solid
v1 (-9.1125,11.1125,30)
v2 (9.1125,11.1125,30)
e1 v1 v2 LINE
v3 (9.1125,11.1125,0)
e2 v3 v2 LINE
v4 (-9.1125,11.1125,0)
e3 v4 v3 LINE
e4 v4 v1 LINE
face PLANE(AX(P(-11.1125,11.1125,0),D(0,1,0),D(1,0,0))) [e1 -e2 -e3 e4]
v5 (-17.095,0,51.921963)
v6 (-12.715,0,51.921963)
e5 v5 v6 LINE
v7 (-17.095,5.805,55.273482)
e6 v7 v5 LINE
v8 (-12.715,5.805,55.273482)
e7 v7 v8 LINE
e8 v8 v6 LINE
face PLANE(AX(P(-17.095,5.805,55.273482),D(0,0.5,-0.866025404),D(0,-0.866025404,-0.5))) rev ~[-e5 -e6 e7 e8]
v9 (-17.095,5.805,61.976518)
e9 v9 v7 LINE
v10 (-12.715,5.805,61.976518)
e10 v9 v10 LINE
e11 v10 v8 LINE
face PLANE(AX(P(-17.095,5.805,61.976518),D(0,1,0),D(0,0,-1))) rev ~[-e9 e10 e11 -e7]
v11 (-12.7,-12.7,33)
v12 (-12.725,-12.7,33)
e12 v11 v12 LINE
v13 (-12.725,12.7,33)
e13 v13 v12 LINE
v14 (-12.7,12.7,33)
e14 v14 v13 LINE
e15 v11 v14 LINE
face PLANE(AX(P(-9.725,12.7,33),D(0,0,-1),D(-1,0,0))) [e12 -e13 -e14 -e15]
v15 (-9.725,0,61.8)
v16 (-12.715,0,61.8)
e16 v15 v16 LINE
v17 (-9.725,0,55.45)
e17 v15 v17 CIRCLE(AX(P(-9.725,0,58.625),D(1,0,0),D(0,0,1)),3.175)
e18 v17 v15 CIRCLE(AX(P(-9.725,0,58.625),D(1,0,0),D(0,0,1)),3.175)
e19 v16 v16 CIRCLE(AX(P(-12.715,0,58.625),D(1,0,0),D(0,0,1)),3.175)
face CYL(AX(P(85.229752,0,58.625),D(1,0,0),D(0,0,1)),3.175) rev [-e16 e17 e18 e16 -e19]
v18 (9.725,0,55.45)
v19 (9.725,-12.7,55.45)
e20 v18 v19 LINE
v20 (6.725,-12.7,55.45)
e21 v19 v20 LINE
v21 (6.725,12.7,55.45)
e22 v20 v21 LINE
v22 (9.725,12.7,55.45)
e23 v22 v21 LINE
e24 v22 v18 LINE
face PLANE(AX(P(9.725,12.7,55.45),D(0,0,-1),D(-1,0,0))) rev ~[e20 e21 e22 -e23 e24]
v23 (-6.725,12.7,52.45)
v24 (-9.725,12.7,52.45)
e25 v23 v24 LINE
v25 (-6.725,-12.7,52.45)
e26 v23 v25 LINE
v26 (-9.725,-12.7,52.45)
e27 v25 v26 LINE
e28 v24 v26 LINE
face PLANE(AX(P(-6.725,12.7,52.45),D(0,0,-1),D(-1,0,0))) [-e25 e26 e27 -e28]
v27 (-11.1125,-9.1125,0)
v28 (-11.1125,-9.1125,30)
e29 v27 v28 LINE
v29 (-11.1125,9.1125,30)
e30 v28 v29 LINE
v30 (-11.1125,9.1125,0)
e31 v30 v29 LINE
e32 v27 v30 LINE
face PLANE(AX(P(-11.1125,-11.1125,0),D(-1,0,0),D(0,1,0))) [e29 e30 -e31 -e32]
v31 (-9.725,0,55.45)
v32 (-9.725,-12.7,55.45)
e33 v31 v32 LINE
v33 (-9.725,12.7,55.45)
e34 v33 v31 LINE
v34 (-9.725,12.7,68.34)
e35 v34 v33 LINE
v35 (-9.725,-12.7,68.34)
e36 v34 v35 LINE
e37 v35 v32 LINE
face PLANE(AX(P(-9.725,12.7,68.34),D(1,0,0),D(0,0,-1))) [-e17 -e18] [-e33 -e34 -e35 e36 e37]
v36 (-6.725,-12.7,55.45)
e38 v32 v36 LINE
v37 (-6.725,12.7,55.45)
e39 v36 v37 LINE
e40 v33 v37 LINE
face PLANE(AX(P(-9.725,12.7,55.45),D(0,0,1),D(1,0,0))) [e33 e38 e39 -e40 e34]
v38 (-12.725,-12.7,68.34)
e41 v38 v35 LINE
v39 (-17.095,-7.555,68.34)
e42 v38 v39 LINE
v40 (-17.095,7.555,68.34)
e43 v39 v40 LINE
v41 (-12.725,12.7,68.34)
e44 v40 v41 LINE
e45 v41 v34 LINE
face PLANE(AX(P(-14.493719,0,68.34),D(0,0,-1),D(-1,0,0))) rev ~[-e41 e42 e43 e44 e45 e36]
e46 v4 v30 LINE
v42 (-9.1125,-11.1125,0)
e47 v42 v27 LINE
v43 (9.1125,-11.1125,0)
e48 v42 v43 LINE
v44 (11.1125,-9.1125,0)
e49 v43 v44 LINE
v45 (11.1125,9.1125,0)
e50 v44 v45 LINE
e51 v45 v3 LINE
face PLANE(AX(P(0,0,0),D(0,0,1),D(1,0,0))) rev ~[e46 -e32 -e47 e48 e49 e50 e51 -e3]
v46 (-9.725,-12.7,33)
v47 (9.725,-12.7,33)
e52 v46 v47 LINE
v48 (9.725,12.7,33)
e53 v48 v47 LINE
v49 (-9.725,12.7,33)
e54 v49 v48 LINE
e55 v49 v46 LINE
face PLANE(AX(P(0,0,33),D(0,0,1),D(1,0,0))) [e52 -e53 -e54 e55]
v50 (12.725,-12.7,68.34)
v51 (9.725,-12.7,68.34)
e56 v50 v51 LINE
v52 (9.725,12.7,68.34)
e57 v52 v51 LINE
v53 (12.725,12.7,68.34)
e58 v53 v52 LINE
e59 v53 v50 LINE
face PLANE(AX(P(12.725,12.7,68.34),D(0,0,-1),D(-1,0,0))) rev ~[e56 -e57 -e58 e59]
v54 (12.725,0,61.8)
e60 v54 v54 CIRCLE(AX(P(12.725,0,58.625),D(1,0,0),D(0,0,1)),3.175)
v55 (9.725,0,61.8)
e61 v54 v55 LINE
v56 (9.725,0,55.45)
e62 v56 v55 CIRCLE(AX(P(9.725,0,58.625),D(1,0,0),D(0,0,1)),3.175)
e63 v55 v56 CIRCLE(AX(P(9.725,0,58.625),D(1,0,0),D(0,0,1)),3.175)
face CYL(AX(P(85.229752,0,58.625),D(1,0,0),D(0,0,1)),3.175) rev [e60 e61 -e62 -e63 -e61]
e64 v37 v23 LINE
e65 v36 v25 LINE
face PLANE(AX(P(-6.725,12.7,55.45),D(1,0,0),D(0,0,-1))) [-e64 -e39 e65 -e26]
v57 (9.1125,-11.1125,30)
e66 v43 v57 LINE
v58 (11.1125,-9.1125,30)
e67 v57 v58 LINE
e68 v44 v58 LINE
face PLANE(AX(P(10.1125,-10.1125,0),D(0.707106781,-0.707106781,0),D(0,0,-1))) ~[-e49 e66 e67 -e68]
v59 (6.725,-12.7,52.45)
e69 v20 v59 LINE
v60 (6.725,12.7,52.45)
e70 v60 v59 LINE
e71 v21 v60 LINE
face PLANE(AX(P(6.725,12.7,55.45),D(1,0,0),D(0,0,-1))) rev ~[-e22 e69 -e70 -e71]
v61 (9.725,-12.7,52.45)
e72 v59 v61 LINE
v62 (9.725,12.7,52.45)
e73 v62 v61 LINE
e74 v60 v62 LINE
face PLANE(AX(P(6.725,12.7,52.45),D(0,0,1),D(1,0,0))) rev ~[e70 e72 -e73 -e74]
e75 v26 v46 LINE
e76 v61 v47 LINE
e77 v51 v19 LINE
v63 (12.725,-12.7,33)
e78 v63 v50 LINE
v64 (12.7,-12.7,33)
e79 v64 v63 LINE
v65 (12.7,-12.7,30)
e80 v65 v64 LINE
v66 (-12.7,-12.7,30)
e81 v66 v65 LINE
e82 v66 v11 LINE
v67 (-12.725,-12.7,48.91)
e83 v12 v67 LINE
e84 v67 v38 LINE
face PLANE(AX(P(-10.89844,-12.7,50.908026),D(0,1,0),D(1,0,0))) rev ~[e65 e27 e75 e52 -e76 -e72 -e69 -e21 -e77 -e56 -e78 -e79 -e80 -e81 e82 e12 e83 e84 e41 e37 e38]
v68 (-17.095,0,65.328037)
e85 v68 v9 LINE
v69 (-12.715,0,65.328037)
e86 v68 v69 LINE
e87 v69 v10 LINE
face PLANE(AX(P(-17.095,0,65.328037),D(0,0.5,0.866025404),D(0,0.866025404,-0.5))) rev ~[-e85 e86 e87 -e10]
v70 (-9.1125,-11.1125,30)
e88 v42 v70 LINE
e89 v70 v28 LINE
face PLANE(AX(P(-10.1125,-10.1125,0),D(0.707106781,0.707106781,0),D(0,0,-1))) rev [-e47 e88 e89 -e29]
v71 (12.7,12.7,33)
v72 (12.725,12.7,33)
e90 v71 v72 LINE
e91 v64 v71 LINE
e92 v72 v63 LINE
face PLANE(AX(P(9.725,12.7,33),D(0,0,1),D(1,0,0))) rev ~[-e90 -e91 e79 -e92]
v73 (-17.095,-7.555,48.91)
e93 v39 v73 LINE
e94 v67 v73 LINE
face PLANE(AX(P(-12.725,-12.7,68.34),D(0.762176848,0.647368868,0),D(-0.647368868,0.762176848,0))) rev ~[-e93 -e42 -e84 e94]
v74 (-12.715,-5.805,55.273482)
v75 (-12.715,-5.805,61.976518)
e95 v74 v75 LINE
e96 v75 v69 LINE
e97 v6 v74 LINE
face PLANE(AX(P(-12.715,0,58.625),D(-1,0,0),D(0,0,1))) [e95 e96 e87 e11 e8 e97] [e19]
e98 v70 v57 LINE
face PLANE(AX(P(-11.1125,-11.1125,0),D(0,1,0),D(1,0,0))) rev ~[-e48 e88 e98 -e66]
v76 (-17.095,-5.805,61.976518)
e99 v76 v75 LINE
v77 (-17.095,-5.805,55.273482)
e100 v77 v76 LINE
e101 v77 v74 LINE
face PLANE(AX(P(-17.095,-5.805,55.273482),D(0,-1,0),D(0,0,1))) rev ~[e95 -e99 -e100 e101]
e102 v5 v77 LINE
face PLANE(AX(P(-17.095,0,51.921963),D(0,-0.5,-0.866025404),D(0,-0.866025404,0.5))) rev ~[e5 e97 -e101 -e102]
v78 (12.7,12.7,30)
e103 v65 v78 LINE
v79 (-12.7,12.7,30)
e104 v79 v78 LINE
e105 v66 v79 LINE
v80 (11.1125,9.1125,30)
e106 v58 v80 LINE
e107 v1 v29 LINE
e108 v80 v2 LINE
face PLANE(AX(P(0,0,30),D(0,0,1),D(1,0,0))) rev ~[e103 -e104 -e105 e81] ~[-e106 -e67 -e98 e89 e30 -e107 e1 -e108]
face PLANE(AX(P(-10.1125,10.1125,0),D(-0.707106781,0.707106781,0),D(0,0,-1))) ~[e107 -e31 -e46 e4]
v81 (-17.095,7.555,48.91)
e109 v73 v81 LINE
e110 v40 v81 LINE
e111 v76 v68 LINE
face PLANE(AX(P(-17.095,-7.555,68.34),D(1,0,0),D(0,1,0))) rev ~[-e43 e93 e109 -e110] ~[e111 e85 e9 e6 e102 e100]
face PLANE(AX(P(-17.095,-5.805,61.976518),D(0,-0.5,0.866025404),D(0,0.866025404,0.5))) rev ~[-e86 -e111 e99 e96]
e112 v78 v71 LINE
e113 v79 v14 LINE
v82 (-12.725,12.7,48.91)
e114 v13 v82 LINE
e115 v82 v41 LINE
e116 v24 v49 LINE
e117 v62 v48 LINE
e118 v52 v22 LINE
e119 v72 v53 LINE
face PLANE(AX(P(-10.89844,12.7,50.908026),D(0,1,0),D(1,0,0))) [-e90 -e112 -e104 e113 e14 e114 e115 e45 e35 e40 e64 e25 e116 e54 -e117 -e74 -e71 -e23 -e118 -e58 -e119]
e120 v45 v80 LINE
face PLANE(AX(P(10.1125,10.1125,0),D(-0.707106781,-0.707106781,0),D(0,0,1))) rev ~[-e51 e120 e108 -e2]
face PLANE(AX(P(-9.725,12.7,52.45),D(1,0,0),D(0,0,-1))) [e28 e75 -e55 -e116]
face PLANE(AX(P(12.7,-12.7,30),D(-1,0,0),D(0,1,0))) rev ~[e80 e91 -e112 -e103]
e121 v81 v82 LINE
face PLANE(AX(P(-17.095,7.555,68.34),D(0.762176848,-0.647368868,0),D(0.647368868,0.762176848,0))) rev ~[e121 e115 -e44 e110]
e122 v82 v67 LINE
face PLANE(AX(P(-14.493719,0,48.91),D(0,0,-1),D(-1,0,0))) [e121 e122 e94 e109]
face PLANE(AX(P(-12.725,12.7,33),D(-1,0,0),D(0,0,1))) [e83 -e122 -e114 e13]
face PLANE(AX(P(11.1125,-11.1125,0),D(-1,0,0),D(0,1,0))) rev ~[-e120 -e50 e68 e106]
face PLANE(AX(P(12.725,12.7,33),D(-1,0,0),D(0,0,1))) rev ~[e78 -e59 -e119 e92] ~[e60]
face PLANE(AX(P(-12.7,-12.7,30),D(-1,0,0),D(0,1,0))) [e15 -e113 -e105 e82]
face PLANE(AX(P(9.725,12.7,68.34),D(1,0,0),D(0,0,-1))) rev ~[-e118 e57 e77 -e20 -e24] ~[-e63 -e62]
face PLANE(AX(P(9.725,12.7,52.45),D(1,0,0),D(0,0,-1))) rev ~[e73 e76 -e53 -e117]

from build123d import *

# Parameters (mm, degrees)
SKETCH1_W               = 22.225
SKETCH1_H               = 22.225
BOSS_EXTRUDE1_DEPTH     = 30
SKETCH3_W               = 25.4
SKETCH3_H               = 25.4
BOSS_EXTRUDE2_DEPTH     = 3
BOSS_EXTRUDE3_DEPTH     = 25.4
BOSS_EXTRUDE4_DEPTH     = 19.43
CUT_EXTRUDE1_DEPTH      = 75.504751526
CUT_EXTRUDE1_DEPTH_BACK = 75.504751526
SKETCH5_R               = 3.175
CUT_EXTRUDE2_DEPTH      = 4.38
CHAMFER1_SIZE           = 2


with BuildPart() as part:
    # Sketch1 → Boss-Extrude1 (new body)
    with BuildSketch(Plane.XY):
        Rectangle(SKETCH1_W, SKETCH1_H)
    extrude(amount=BOSS_EXTRUDE1_DEPTH)

    # Sketch3 → Boss-Extrude2 (add)
    with BuildSketch(Plane.XY.offset(30)):
        Rectangle(SKETCH3_W, SKETCH3_H)
    extrude(amount=BOSS_EXTRUDE2_DEPTH)

    # Sketch4 → Boss-Extrude3 (add)
    with BuildSketch(Plane(origin=(0, 12.7, 0), x_dir=(1, 0, 0), z_dir=(0, 1, 0))):
        Polygon((-12.725, -33), (-12.725, -68.34), (-9.725, -68.34), (-9.725, -55.45), (-6.725, -55.45), (-6.725, -52.45), (-9.725, -52.45), (-9.725, -33), align=None)
        Polygon((9.725, -33), (12.725, -33), (12.725, -68.34), (9.725, -68.34), (9.725, -55.45), (6.725, -55.45), (6.725, -52.45), (9.725, -52.45), align=None)
    extrude(amount=-BOSS_EXTRUDE3_DEPTH)

    # Sketch6 → Boss-Extrude4 (add)
    with BuildSketch(Plane.XY.offset(68.34)):
        Polygon((-12.725, -12.7), (-17.095, -7.555), (-17.095, 7.555), (-12.725, 12.7), align=None)
    extrude(amount=-BOSS_EXTRUDE4_DEPTH)

    # Sketch5 → Cut-Extrude1 (cut, two sides: drawn at the far end of the back side and taken through both)
    with BuildSketch(Plane.ZY.offset(-9.725).offset(-CUT_EXTRUDE1_DEPTH_BACK)):
        with Locations((58.625, 0)):
            Circle(SKETCH5_R)
    extrude(amount=CUT_EXTRUDE1_DEPTH + CUT_EXTRUDE1_DEPTH_BACK, mode=Mode.SUBTRACT)

    # Sketch7 → Cut-Extrude2 (cut)
    with BuildSketch(Plane.ZY.offset(17.095)):
        Polygon((61.976518313, 5.805), (55.273481687, 5.805), (51.921963375, 0), (55.273481687, -5.805), (61.976518313, -5.805), (65.328036625, 0), align=None)
    extrude(amount=-CUT_EXTRUDE2_DEPTH, mode=Mode.SUBTRACT)

    # Chamfer1
    chamfer1_edges = [part.edges().sort_by_distance(p)[0] for p in [
        (11.1125, -11.1125, 15),
        (-11.1125, -11.1125, 15),
        (-11.1125, 11.1125, 15),
        (11.1125, 11.1125, 15),
    ]]
    chamfer(chamfer1_edges, length=CHAMFER1_SIZE)


solid = part.part
